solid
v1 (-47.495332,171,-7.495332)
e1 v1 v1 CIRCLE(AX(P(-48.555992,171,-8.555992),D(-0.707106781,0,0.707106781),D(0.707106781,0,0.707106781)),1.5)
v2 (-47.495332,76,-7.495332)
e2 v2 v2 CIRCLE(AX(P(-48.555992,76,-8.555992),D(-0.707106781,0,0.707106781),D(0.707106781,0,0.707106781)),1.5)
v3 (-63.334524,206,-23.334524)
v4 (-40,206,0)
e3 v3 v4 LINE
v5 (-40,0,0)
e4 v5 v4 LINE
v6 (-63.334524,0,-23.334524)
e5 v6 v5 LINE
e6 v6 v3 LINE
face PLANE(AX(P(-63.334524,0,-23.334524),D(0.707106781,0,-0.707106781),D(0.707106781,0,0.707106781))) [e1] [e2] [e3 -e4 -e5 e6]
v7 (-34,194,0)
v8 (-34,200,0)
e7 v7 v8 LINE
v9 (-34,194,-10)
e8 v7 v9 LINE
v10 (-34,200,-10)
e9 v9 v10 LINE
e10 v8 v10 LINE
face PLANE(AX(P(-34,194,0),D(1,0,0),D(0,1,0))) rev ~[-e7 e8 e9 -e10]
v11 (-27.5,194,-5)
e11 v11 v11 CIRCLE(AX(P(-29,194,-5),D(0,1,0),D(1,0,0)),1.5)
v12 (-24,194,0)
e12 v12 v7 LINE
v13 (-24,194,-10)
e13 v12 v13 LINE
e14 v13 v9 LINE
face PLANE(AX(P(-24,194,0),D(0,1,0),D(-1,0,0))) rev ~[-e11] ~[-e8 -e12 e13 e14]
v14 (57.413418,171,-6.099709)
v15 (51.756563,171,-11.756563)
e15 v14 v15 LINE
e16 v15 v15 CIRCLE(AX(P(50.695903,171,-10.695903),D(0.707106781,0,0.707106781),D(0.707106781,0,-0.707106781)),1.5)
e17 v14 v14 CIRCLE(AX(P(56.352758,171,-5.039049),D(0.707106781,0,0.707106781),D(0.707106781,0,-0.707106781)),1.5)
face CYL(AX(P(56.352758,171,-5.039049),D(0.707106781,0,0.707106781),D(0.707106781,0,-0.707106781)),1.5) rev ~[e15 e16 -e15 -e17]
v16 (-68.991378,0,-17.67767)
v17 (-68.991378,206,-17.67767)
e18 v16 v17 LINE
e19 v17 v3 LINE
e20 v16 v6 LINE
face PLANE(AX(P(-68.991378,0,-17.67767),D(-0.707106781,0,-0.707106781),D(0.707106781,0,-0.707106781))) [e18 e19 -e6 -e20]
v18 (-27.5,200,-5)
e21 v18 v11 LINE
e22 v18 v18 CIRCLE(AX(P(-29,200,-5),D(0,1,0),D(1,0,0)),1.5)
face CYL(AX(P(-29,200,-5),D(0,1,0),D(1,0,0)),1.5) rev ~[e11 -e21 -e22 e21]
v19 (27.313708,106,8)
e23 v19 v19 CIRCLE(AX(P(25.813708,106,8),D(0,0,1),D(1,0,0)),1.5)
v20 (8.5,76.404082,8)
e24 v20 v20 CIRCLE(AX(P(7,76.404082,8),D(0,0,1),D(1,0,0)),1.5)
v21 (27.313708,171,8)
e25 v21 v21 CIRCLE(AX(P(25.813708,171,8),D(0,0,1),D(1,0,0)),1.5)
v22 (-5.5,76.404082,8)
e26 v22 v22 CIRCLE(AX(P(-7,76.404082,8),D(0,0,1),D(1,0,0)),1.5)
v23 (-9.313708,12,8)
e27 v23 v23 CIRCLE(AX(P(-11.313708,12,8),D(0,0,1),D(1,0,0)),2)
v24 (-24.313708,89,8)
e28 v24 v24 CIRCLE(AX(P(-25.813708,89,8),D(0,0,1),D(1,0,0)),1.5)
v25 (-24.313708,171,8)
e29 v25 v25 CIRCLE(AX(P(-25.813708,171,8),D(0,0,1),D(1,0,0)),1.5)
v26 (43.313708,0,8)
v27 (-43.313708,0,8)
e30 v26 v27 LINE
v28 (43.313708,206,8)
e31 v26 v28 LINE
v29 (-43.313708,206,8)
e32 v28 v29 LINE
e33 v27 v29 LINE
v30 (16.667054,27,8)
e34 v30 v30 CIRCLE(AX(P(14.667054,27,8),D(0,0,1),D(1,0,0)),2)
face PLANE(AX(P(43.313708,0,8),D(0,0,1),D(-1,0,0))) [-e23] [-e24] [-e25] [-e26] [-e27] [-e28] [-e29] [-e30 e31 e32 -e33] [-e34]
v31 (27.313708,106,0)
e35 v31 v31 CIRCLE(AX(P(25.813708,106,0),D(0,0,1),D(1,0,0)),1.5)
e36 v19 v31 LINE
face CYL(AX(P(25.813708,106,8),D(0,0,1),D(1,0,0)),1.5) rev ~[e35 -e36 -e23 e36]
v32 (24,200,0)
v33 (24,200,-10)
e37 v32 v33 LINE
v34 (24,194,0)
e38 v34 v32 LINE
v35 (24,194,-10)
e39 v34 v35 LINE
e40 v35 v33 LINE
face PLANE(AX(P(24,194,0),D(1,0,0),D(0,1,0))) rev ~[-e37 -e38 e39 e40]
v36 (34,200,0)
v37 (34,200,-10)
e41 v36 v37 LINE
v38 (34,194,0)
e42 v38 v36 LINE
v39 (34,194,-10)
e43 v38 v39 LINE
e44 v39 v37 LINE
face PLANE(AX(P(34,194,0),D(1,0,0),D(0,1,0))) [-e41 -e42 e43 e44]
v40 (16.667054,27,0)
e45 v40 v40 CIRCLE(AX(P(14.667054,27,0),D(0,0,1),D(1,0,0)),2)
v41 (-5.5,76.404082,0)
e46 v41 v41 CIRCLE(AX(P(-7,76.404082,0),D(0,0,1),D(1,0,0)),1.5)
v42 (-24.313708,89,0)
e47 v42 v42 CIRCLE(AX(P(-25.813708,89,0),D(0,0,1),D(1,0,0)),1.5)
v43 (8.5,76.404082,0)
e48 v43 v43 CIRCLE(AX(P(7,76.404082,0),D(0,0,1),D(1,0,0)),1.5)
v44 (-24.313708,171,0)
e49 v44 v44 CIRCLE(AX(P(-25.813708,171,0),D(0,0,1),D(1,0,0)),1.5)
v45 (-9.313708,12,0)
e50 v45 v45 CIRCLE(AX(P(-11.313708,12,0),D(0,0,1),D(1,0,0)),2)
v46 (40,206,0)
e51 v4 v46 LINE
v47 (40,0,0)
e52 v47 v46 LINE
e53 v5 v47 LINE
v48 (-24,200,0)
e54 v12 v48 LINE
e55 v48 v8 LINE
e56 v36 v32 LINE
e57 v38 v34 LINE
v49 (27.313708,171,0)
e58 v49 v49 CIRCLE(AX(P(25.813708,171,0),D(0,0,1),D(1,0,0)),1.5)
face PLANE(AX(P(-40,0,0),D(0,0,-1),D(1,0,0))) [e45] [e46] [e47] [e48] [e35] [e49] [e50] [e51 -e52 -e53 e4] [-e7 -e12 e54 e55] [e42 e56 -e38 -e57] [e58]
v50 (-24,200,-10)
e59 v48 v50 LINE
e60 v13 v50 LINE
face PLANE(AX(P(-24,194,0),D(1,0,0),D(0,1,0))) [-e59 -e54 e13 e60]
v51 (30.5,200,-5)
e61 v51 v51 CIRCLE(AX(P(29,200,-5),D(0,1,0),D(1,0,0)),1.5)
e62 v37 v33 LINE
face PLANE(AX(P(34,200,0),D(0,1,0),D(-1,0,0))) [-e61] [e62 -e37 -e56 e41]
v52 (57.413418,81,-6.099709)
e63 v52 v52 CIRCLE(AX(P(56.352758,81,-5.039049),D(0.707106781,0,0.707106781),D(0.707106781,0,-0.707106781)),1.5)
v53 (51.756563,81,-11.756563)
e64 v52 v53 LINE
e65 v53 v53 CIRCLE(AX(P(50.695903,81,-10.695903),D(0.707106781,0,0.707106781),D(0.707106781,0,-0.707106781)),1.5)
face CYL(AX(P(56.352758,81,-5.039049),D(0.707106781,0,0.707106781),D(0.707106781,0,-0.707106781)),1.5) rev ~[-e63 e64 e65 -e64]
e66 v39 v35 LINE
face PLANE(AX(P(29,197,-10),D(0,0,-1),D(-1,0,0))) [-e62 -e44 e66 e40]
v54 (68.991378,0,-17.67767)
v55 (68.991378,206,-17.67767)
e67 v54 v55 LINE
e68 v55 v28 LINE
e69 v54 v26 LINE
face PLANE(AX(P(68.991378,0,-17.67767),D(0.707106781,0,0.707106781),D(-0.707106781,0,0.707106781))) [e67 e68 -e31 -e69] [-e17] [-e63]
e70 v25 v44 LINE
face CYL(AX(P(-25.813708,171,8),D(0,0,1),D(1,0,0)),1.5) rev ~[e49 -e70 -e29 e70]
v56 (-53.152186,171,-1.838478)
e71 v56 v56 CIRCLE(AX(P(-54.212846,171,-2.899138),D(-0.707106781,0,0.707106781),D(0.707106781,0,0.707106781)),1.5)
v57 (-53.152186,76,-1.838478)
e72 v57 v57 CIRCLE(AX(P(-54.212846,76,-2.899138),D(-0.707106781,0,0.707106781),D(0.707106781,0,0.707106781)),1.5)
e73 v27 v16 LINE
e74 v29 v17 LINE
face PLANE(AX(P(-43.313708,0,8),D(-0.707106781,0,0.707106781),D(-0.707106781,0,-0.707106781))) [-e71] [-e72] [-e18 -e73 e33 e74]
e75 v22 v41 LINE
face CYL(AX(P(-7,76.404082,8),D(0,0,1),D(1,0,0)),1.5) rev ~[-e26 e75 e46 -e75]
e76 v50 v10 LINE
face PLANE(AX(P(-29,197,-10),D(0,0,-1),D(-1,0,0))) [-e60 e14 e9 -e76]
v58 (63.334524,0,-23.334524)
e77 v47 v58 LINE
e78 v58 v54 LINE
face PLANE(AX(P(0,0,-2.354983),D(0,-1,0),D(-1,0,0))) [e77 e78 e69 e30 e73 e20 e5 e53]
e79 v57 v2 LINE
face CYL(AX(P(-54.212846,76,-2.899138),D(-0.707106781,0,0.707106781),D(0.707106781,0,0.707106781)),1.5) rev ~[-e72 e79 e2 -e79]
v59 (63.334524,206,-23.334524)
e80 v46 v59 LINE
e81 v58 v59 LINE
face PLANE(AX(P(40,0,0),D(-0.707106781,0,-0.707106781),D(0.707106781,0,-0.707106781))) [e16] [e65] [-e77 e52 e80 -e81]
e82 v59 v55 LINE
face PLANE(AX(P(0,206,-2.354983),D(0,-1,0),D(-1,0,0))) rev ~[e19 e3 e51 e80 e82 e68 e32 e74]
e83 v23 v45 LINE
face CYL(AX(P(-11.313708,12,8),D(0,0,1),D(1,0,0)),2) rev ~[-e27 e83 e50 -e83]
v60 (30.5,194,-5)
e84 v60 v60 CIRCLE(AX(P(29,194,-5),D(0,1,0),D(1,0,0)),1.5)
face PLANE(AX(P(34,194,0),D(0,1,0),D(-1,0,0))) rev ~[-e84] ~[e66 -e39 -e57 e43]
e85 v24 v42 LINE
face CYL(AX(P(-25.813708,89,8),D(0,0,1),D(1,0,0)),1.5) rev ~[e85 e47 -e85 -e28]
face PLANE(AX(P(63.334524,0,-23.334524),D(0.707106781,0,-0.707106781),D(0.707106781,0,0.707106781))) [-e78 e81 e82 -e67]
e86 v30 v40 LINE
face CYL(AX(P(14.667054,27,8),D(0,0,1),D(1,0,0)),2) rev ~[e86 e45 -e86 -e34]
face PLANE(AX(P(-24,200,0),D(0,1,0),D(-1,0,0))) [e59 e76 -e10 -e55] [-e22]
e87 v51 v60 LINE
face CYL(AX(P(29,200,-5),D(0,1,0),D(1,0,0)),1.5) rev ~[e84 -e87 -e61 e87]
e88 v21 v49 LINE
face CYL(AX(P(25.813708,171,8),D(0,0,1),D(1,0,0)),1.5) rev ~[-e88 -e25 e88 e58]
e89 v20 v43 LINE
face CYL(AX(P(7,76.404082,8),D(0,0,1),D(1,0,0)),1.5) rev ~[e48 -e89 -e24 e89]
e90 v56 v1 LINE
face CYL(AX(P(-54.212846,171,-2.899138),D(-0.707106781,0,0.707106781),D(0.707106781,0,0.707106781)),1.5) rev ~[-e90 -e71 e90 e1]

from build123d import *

# Parameters (mm, degrees)
BOSS_EXTRUDE1_DEPTH            = 206
SKETCH2_W                      = 10
SKETCH2_H                      = 6
BOSS_EXTRUDE2_DEPTH            = 10
CUT_EXTRUDE1_REACH             = 202
SKETCH3_R                      = 1.5
CUT_EXTRUDE2_REACH             = 33.335
SKETCH4_R                      = 2
CUT_EXTRUDE3_REACH             = 33.335
SKETCH5_R                      = 1.5
CUT_EXTRUDE4_REACH             = 33.335
SKETCH6_R                      = 1.5
CUT_EXTRUDE5_REACH             = 103.569
SKETCH7_R                      = 1.5
CUT_EXTRUDE5_DIRECTION_2_DEPTH = 19.156854249
CUT_EXTRUDE6_REACH             = 103.569
SKETCH9_R                      = 1.5


with BuildPart() as part:
    # Sketch1 → Boss-Extrude1 (new body)
    with BuildSketch(Plane(origin=(0, 0, 0), x_dir=(1, 0, 0), z_dir=(0, 1, 0))):
        Polygon((-40, 0), (40, 0), (63.334523779, 23.334523779), (68.991378029, 17.67766953), (43.313708499, -8), (-43.313708499, -8), (-68.991378029, 17.67766953), (-63.334523779, 23.334523779), align=None)
    extrude(amount=BOSS_EXTRUDE1_DEPTH)

    # Sketch2 → Boss-Extrude2 (add)
    with BuildSketch(Plane(origin=(0, 0, 0), x_dir=(-1, 0, 0), z_dir=(0, 0, -1))):
        with Locations((-29, 197)):
            Rectangle(SKETCH2_W, SKETCH2_H)
        with Locations((29, 197)):
            Rectangle(SKETCH2_W, SKETCH2_H)
    extrude(amount=BOSS_EXTRUDE2_DEPTH)

    # Sketch3 → Cut-Extrude1 (cut, up to next)
    with BuildSketch(Plane(origin=(0, 200, 0), x_dir=(1, 0, 0), z_dir=(0, 1, 0)), mode=Mode.PRIVATE) as cut_extrude1_sk1:
        with Locations((-29, 5)):
            Circle(SKETCH3_R)
    cut_extrude1_tool1 = extrude(cut_extrude1_sk1.sketch, amount=-CUT_EXTRUDE1_REACH, mode=Mode.PRIVATE) & part.part
    add(cut_extrude1_tool1.solids().sort_by_distance((-29, 200, -5))[0], mode=Mode.SUBTRACT)
    # Sketch3 → Cut-Extrude1 (cut, up to next)
    with BuildSketch(Plane(origin=(0, 200, 0), x_dir=(1, 0, 0), z_dir=(0, 1, 0)), mode=Mode.PRIVATE) as cut_extrude1_sk2:
        with Locations((29, 5)):
            Circle(SKETCH3_R)
    cut_extrude1_tool2 = extrude(cut_extrude1_sk2.sketch, amount=-CUT_EXTRUDE1_REACH, mode=Mode.PRIVATE) & part.part
    add(cut_extrude1_tool2.solids().sort_by_distance((29, 200, -5))[0], mode=Mode.SUBTRACT)

    # Sketch4 → Cut-Extrude2 (cut, up to next)
    with BuildSketch(Plane.XY.offset(8), mode=Mode.PRIVATE) as cut_extrude2_sk1:
        with Locations((-11.313708499, 12)):
            Circle(SKETCH4_R)
    cut_extrude2_tool1 = extrude(cut_extrude2_sk1.sketch, amount=-CUT_EXTRUDE2_REACH, mode=Mode.PRIVATE) & part.part
    add(cut_extrude2_tool1.solids().sort_by_distance((-11.313708, 12, 8))[0], mode=Mode.SUBTRACT)
    # Sketch4 → Cut-Extrude2 (cut, up to next)
    with BuildSketch(Plane.XY.offset(8), mode=Mode.PRIVATE) as cut_extrude2_sk2:
        with Locations((14.667053615, 27)):
            Circle(SKETCH4_R)
    cut_extrude2_tool2 = extrude(cut_extrude2_sk2.sketch, amount=-CUT_EXTRUDE2_REACH, mode=Mode.PRIVATE) & part.part
    add(cut_extrude2_tool2.solids().sort_by_distance((14.667054, 27, 8))[0], mode=Mode.SUBTRACT)

    # Sketch5 → Cut-Extrude3 (cut, up to next)
    with BuildSketch(Plane.XY.offset(8), mode=Mode.PRIVATE) as cut_extrude3_sk1:
        with Locations((7, 76.404082058)):
            Circle(SKETCH5_R)
    cut_extrude3_tool1 = extrude(cut_extrude3_sk1.sketch, amount=-CUT_EXTRUDE3_REACH, mode=Mode.PRIVATE) & part.part
    add(cut_extrude3_tool1.solids().sort_by_distance((7, 76.404082, 8))[0], mode=Mode.SUBTRACT)
    # Sketch5 → Cut-Extrude3 (cut, up to next)
    with BuildSketch(Plane.XY.offset(8), mode=Mode.PRIVATE) as cut_extrude3_sk2:
        with Locations((-7, 76.404082058)):
            Circle(SKETCH5_R)
    cut_extrude3_tool2 = extrude(cut_extrude3_sk2.sketch, amount=-CUT_EXTRUDE3_REACH, mode=Mode.PRIVATE) & part.part
    add(cut_extrude3_tool2.solids().sort_by_distance((-7, 76.404082, 8))[0], mode=Mode.SUBTRACT)

    # Sketch6 → Cut-Extrude4 (cut, up to next)
    with BuildSketch(Plane.XY.offset(8), mode=Mode.PRIVATE) as cut_extrude4_sk1:
        with Locations((25.813708499, 171)):
            Circle(SKETCH6_R)
    cut_extrude4_tool1 = extrude(cut_extrude4_sk1.sketch, amount=-CUT_EXTRUDE4_REACH, mode=Mode.PRIVATE) & part.part
    add(cut_extrude4_tool1.solids().sort_by_distance((25.813708, 171, 8))[0], mode=Mode.SUBTRACT)
    # Sketch6 → Cut-Extrude4 (cut, up to next)
    with BuildSketch(Plane.XY.offset(8), mode=Mode.PRIVATE) as cut_extrude4_sk2:
        with Locations((-25.813708499, 171)):
            Circle(SKETCH6_R)
    cut_extrude4_tool2 = extrude(cut_extrude4_sk2.sketch, amount=-CUT_EXTRUDE4_REACH, mode=Mode.PRIVATE) & part.part
    add(cut_extrude4_tool2.solids().sort_by_distance((-25.813708, 171, 8))[0], mode=Mode.SUBTRACT)
    # Sketch6 → Cut-Extrude4 (cut, up to next)
    with BuildSketch(Plane.XY.offset(8), mode=Mode.PRIVATE) as cut_extrude4_sk3:
        with Locations((25.813708499, 106)):
            Circle(SKETCH6_R)
    cut_extrude4_tool3 = extrude(cut_extrude4_sk3.sketch, amount=-CUT_EXTRUDE4_REACH, mode=Mode.PRIVATE) & part.part
    add(cut_extrude4_tool3.solids().sort_by_distance((25.813708, 106, 8))[0], mode=Mode.SUBTRACT)
    # Sketch6 → Cut-Extrude4 (cut, up to next)
    with BuildSketch(Plane.XY.offset(8), mode=Mode.PRIVATE) as cut_extrude4_sk4:
        with Locations((-25.813708499, 89)):
            Circle(SKETCH6_R)
    cut_extrude4_tool4 = extrude(cut_extrude4_sk4.sketch, amount=-CUT_EXTRUDE4_REACH, mode=Mode.PRIVATE) & part.part
    add(cut_extrude4_tool4.solids().sort_by_distance((-25.813708, 89, 8))[0], mode=Mode.SUBTRACT)

    # Sketch7 → Cut-Extrude5 (cut, up to next)
    with BuildSketch(Plane(origin=(25.656854249, 0, 25.656854249), x_dir=(0.707106781, 0, -0.707106781), z_dir=(0.707106781, 0, 0.707106781)), mode=Mode.PRIVATE) as cut_extrude5_sk1:
        with Locations((43.410562748, 171)):
            Circle(SKETCH7_R)
    cut_extrude5_tool1 = extrude(cut_extrude5_sk1.sketch, amount=-CUT_EXTRUDE5_REACH, mode=Mode.PRIVATE) & part.part
    add(cut_extrude5_tool1.solids().sort_by_distance((56.352758, 171, -5.039049))[0], mode=Mode.SUBTRACT)
    # Sketch7 → Cut-Extrude5 (cut, up to next)
    with BuildSketch(Plane(origin=(25.656854249, 0, 25.656854249), x_dir=(0.707106781, 0, -0.707106781), z_dir=(0.707106781, 0, 0.707106781)), mode=Mode.PRIVATE) as cut_extrude5_sk2:
        with Locations((43.410562748, 81)):
            Circle(SKETCH7_R)
    cut_extrude5_tool2 = extrude(cut_extrude5_sk2.sketch, amount=-CUT_EXTRUDE5_REACH, mode=Mode.PRIVATE) & part.part
    add(cut_extrude5_tool2.solids().sort_by_distance((56.352758, 81, -5.039049))[0], mode=Mode.SUBTRACT)

    # Sketch7 → Cut-Extrude5 direction 2 (cut)
    with BuildSketch(Plane(origin=(25.656854249, 0, 25.656854249), x_dir=(0.707106781, 0, -0.707106781), z_dir=(0.707106781, 0, 0.707106781))):
        with Locations((43.410562748, 171)):
            Circle(SKETCH7_R)
        with Locations((43.410562748, 81)):
            Circle(SKETCH7_R)
    extrude(amount=CUT_EXTRUDE5_DIRECTION_2_DEPTH, mode=Mode.SUBTRACT)

    # Sketch9 → Cut-Extrude6 (cut, up to next)
    with BuildSketch(Plane(origin=(-25.656854249, 0, 25.656854249), x_dir=(0.707106781, 0, 0.707106781), z_dir=(-0.707106781, 0, 0.707106781)), mode=Mode.PRIVATE) as cut_extrude6_sk1:
        with Locations((-40.384271247, 171)):
            Circle(SKETCH9_R)
    cut_extrude6_tool1 = extrude(cut_extrude6_sk1.sketch, amount=-CUT_EXTRUDE6_REACH, mode=Mode.PRIVATE) & part.part
    add(cut_extrude6_tool1.solids().sort_by_distance((-54.212846, 171, -2.899138))[0], mode=Mode.SUBTRACT)
    # Sketch9 → Cut-Extrude6 (cut, up to next)
    with BuildSketch(Plane(origin=(-25.656854249, 0, 25.656854249), x_dir=(0.707106781, 0, 0.707106781), z_dir=(-0.707106781, 0, 0.707106781)), mode=Mode.PRIVATE) as cut_extrude6_sk2:
        with Locations((-40.384271247, 76)):
            Circle(SKETCH9_R)
    cut_extrude6_tool2 = extrude(cut_extrude6_sk2.sketch, amount=-CUT_EXTRUDE6_REACH, mode=Mode.PRIVATE) & part.part
    add(cut_extrude6_tool2.solids().sort_by_distance((-54.212846, 76, -2.899138))[0], mode=Mode.SUBTRACT)


solid = part.part
